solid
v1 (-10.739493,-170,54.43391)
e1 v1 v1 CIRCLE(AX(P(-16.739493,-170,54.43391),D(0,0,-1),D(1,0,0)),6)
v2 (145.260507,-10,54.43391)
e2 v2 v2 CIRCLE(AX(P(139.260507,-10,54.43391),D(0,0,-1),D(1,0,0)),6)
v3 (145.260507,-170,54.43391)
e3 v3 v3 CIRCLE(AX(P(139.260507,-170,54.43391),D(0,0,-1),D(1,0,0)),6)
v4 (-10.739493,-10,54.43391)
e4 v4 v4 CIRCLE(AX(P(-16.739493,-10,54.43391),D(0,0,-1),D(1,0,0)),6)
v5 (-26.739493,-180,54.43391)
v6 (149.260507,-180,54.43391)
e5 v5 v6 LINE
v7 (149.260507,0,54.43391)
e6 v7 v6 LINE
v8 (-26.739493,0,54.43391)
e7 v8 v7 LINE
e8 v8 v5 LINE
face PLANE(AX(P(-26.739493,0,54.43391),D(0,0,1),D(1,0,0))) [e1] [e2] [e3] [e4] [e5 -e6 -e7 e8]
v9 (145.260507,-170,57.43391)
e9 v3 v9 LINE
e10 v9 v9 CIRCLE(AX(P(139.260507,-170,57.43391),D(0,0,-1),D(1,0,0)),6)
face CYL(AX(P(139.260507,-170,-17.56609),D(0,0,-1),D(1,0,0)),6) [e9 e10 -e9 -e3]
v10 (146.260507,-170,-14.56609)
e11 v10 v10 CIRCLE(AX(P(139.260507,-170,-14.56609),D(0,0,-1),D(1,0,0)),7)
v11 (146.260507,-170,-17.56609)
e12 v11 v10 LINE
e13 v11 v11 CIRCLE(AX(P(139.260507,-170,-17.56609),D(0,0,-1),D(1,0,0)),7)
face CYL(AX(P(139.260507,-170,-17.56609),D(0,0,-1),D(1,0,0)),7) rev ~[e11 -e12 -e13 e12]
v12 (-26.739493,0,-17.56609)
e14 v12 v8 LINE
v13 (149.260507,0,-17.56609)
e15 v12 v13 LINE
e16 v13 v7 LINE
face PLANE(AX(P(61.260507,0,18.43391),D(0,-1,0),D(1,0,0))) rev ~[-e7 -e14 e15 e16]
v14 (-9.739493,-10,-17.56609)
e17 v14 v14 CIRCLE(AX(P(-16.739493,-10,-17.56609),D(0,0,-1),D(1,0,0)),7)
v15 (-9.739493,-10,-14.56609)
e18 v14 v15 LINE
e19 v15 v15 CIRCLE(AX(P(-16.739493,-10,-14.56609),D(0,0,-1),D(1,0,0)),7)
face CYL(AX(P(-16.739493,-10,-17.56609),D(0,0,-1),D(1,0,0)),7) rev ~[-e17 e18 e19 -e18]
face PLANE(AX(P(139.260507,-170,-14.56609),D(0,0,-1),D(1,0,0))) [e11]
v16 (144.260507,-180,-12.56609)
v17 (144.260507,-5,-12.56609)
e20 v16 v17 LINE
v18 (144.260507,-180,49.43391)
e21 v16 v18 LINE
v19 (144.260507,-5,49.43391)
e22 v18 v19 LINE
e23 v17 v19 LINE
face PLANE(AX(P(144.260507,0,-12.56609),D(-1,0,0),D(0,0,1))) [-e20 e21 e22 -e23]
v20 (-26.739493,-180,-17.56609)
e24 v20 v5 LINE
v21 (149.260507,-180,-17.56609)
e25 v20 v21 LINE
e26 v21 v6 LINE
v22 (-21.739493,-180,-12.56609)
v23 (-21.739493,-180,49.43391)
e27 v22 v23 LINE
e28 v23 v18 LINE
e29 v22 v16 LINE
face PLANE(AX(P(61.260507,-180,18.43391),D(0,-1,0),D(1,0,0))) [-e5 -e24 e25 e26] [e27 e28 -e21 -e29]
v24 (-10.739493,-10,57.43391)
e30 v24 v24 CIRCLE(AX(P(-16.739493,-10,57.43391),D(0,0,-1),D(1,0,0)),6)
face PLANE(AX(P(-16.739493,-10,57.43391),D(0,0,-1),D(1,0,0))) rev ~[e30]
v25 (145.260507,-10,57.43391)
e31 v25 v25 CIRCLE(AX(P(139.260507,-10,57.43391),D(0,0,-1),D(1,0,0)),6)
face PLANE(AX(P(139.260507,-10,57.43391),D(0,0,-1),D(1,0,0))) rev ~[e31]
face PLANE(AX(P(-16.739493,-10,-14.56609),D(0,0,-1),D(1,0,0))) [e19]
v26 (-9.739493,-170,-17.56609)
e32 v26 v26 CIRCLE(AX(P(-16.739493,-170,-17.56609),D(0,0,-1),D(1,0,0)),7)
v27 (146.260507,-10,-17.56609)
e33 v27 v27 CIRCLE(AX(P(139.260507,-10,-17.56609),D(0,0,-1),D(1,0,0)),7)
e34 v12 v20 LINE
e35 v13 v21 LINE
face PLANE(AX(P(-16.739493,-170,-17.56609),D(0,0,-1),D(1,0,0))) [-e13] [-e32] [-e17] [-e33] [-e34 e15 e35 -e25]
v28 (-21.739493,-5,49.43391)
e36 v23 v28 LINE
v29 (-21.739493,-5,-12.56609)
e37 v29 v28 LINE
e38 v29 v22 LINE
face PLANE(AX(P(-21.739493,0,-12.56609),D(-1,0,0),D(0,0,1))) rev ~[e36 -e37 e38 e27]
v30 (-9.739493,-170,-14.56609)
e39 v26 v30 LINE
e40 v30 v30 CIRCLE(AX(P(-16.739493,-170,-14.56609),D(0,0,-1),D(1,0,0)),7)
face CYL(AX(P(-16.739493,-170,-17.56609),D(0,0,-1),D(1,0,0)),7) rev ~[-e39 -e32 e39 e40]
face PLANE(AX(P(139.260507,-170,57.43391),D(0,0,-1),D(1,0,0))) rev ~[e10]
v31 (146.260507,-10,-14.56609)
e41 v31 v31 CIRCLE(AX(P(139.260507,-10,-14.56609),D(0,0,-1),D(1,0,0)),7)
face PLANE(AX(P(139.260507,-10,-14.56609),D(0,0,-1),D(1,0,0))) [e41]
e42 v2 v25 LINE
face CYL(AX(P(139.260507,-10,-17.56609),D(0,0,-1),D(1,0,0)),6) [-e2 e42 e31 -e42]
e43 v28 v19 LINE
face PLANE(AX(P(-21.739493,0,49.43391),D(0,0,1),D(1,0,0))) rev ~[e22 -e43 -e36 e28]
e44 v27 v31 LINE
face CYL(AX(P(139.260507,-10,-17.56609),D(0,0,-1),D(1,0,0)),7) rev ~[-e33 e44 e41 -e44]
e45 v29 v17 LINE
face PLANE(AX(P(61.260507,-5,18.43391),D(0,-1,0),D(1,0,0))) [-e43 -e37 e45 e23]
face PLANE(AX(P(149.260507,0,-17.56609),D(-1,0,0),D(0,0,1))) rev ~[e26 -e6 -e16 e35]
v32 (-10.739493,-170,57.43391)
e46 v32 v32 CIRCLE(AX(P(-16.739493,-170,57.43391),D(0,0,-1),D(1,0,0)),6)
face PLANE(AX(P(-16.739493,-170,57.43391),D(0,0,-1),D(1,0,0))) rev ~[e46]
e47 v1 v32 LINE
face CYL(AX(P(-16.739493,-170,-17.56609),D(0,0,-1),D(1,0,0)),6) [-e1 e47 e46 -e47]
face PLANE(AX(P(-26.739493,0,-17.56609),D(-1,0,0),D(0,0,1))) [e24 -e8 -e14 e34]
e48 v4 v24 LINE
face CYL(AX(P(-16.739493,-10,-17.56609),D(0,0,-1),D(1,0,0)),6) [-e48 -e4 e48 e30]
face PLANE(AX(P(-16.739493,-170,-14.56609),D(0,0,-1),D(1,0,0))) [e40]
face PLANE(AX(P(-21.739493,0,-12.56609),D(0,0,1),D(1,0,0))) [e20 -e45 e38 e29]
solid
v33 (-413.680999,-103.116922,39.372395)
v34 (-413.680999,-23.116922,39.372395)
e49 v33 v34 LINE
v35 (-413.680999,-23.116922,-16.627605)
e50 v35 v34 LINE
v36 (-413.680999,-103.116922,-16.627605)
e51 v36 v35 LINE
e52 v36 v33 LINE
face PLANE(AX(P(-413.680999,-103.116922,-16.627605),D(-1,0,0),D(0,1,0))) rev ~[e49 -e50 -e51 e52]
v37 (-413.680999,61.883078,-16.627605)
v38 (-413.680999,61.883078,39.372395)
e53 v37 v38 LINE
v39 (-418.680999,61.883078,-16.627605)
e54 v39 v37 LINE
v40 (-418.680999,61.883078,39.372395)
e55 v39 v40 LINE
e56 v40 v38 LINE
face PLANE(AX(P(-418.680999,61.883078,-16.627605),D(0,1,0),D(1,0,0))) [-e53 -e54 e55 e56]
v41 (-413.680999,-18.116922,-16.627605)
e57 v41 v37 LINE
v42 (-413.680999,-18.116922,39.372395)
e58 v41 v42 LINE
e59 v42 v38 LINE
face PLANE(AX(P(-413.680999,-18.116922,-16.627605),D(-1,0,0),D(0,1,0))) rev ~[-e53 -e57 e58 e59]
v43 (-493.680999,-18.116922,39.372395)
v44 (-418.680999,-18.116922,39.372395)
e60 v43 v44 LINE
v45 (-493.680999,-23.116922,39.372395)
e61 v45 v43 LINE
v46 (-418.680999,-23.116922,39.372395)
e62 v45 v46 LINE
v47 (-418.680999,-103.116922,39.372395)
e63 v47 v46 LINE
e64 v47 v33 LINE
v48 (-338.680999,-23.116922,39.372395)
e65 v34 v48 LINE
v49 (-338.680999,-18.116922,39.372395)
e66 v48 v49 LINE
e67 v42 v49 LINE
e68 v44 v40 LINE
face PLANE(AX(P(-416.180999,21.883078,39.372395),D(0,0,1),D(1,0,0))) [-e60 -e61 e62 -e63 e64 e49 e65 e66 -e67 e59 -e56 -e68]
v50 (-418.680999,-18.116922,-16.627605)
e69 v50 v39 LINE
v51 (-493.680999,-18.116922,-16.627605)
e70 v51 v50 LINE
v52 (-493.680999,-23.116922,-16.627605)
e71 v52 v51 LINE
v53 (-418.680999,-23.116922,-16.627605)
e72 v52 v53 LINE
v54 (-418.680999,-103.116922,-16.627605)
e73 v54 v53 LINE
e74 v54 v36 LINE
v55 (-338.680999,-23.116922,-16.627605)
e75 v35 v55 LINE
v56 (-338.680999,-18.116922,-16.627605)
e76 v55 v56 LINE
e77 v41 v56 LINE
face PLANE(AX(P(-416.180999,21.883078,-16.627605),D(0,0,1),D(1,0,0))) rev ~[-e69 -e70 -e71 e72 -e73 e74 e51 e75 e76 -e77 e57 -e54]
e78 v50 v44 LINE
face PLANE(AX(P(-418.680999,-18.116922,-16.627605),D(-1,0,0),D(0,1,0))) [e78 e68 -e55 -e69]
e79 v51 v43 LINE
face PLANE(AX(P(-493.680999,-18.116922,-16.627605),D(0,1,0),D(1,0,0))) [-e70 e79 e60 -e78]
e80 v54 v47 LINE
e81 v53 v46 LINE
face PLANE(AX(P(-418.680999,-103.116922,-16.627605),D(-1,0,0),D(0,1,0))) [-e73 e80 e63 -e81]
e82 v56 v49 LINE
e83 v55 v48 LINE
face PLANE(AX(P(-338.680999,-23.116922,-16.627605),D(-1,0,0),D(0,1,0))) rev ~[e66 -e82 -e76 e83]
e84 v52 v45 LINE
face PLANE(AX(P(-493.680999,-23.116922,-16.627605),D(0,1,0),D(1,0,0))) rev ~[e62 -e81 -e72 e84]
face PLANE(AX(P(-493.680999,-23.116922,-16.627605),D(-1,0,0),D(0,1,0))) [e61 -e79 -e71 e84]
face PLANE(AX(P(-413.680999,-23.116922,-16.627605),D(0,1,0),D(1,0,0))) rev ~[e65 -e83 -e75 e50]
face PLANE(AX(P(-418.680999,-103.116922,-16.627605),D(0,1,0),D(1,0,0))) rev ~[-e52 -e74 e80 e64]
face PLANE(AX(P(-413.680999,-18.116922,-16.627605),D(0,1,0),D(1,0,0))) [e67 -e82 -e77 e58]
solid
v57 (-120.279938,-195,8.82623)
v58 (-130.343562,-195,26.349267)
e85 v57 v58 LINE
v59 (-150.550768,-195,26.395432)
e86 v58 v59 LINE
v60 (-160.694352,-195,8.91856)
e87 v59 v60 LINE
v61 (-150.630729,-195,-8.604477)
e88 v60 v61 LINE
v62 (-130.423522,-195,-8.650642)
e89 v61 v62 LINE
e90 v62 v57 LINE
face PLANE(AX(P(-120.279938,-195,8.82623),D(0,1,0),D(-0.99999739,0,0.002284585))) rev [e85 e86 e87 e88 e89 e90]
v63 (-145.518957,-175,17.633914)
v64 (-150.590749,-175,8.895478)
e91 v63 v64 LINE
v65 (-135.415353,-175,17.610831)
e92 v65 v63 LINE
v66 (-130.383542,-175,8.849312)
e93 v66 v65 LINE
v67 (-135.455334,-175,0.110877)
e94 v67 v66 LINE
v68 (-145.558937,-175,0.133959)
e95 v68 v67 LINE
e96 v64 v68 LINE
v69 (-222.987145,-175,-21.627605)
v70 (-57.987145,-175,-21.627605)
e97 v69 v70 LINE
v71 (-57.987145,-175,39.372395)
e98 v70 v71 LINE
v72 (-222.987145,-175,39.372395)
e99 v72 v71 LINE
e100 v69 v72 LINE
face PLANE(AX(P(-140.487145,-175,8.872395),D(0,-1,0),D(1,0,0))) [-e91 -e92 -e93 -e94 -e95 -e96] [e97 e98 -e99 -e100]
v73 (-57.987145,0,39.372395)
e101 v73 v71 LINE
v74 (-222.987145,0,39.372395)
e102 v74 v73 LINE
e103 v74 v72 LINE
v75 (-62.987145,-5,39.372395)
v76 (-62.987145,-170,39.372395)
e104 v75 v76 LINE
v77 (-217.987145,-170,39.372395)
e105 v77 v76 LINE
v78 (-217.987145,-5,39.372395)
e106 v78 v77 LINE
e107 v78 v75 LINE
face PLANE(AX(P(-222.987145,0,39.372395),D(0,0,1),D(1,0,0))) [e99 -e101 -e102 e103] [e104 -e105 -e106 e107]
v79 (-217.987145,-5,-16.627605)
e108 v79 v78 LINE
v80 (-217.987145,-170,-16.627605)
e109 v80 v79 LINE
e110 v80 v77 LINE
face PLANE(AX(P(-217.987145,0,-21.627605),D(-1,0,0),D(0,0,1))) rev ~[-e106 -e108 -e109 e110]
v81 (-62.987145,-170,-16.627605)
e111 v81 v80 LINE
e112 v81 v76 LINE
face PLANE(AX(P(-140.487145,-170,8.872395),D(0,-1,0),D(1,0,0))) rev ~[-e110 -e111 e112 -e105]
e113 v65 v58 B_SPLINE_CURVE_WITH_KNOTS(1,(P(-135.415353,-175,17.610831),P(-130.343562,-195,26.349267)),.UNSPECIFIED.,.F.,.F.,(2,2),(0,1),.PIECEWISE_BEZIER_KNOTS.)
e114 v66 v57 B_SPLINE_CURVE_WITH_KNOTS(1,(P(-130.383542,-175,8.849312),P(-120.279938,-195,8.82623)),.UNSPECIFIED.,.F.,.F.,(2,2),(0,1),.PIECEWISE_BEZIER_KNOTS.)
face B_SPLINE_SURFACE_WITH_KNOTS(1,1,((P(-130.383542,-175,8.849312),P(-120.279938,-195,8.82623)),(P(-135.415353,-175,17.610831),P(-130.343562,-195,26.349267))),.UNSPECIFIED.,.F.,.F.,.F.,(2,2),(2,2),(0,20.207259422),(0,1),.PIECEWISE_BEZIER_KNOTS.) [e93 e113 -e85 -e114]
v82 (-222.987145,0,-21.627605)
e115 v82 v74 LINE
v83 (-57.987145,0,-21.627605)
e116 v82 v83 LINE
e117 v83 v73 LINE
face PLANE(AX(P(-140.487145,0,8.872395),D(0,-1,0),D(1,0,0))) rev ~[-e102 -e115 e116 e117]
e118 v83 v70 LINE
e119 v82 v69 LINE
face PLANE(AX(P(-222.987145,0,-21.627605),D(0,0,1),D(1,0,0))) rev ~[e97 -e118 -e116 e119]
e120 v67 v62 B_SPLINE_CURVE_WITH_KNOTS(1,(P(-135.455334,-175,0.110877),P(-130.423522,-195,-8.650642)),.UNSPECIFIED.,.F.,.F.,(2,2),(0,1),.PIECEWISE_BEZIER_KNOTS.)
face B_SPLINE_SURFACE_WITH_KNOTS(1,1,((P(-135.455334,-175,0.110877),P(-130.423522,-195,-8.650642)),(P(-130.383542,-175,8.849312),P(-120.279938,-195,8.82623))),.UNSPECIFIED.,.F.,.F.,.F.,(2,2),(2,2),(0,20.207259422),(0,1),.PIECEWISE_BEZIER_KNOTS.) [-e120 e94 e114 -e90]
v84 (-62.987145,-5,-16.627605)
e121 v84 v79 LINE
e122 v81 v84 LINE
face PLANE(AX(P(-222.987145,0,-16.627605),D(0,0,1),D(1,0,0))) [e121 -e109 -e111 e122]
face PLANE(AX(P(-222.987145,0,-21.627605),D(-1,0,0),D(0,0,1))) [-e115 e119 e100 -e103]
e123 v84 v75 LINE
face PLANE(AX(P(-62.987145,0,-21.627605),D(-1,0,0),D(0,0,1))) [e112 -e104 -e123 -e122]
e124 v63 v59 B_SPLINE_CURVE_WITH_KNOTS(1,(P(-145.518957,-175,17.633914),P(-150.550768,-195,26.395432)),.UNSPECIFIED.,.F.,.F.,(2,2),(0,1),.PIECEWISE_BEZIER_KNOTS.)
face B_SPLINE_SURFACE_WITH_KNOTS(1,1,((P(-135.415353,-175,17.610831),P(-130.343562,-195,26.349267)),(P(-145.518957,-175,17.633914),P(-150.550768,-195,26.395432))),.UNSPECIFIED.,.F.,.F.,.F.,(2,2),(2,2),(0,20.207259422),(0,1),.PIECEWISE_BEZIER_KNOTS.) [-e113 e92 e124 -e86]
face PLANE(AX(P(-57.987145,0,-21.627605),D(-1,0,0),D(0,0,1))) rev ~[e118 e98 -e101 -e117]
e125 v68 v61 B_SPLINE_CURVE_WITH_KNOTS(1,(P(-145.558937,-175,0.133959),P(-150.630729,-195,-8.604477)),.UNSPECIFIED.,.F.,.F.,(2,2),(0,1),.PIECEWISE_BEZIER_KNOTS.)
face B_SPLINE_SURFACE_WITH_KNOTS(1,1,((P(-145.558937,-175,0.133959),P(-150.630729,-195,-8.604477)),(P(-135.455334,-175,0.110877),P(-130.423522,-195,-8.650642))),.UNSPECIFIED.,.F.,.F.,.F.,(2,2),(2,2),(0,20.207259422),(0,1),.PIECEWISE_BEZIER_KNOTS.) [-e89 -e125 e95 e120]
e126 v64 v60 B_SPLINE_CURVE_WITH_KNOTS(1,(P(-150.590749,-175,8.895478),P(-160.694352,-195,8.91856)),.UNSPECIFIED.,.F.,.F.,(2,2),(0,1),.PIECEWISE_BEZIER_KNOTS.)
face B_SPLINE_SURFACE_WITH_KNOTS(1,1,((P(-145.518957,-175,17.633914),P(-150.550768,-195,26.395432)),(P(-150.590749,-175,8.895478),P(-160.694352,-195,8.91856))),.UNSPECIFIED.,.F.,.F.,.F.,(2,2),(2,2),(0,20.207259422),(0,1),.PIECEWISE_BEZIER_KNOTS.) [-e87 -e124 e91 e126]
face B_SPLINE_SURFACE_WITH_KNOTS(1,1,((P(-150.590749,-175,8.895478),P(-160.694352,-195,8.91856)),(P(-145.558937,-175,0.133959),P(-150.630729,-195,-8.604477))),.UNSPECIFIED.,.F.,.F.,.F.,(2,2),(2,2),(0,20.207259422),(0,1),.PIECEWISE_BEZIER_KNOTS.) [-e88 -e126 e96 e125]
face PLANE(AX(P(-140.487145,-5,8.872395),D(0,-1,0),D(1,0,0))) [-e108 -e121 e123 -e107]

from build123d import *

# Parameters (mm, degrees)
F0_W      = 166
F0_H      = 62
F1_DEPTH  = 5
F0_W_2    = 176
F0_H_2    = 72
F2_DEPTH  = 180
F3_W      = 165
F3_H      = 61
F4_DEPTH  = 175
F5_T      = -5
F10_R     = 6
F11_DEPTH = 75
F10_R_2   = 7
F12_DEPTH = 3
F13_DEPTH = 314
F14_DEPTH = 5
F15_W     = 5
F15_H     = 80
F15_W_2   = 75
F15_H_2   = 5
F16_DEPTH = 56
F17_DEPTH = 3
F17_TAPER = -3


with BuildPart() as f1:
    # F0 (on Front) → F1 (new body)
    with BuildSketch(Plane.XZ):
        with Locations((61.2605069876, 18.4339095503)):
            Rectangle(F0_W, F0_H)
    extrude(amount=F1_DEPTH)

    # F0 (on Front) → F2 (join)
    with BuildSketch(Plane.XZ):
        with Locations((61.2605069876, 18.4339095503)):
            Rectangle(F0_W_2, F0_H_2)
        with Locations((61.2605069876, 18.4339095503)):
            Rectangle(F0_W, F0_H, mode=Mode.SUBTRACT)
    extrude(amount=F2_DEPTH)

    # F10 (on face) → F11 (join)
    with BuildSketch(Plane(origin=(0, 0, -17.5660904497), x_dir=(1, 0, 0), z_dir=(0, 0, -1))):
        with Locations((-16.7394930124, 170)):
            Circle(F10_R)
        with Locations((139.2605069876, 170)):
            Circle(F10_R)
        with Locations((139.2605069876, 10)):
            Circle(F10_R)
        with Locations((-16.7394930124, 10)):
            Circle(F10_R)
    extrude(amount=-F11_DEPTH)

    # F10 (on face) → F12 (cut)
    with BuildSketch(Plane(origin=(0, 0, -17.5660904497), x_dir=(1, 0, 0), z_dir=(0, 0, -1))):
        with Locations((-16.7394930124, 170)):
            Circle(F10_R_2)
        with Locations((-16.7394930124, 170)):
            Circle(F10_R, mode=Mode.SUBTRACT)
        with Locations((139.2605069876, 170)):
            Circle(F10_R_2)
        with Locations((139.2605069876, 170)):
            Circle(F10_R, mode=Mode.SUBTRACT)
        with Locations((139.2605069876, 10)):
            Circle(F10_R_2)
        with Locations((139.2605069876, 10)):
            Circle(F10_R, mode=Mode.SUBTRACT)
        with Locations((-16.7394930124, 10)):
            Circle(F10_R_2)
        with Locations((-16.7394930124, 10)):
            Circle(F10_R, mode=Mode.SUBTRACT)
    extrude(amount=-F12_DEPTH, mode=Mode.SUBTRACT)

    # F0 (on Front) → F13 (cut)
    with BuildSketch(Plane.XZ):
        with Locations((61.2605069876, 18.4339095503)):
            Rectangle(F0_W, F0_H)
    extrude(amount=F13_DEPTH, mode=Mode.SUBTRACT)

    # F0 (on Front) → F14 (join)
    with BuildSketch(Plane.XZ):
        with Locations((61.2605069876, 18.4339095503)):
            Rectangle(F0_W, F0_H)
    extrude(amount=F14_DEPTH)

    # F10 (on face) → F17 (cut)
    with BuildSketch(Plane(origin=(0, 0, -17.5660904497), x_dir=(1, 0, 0), z_dir=(0, 0, -1))):
        with Locations((-16.7394930124, 10)):
            Circle(F10_R)
        with Locations((139.2605069876, 10)):
            Circle(F10_R)
        with Locations((139.2605069876, 170)):
            Circle(F10_R)
        with Locations((-16.7394930124, 170)):
            Circle(F10_R)
    extrude(amount=-F17_DEPTH, taper=F17_TAPER, mode=Mode.SUBTRACT)


with BuildPart() as f4:
    # F3 (on Front) → F4 (new body)
    with BuildSketch(Plane.XZ):
        with Locations((-140.4871451855, 8.8723950386)):
            Rectangle(F3_W, F3_H)
    extrude(amount=F4_DEPTH)

    # F5
    f5_openings = [f4.faces().sort_by_distance(p)[0] for p in [
        (-140.487145, -87.5, 39.372395),
    ]]
    offset(amount=F5_T, openings=f5_openings)

    # F6 (on face) → F9 section 0
    with BuildSketch(Plane.XZ.offset(175)):
        Polygon((-130.3835418418, 8.8493124353), (-135.4153533928, 17.6108309024), (-145.5189567365, 17.6339135056), (-150.5907485292, 8.8954776419), (-145.5589369781, 0.1339591748), (-135.4553336344, 0.1108765716), align=None)
    # F8 (on offset) → F9 section 1
    with BuildSketch(Plane.XZ.offset(195)):
        Polygon((-120.2799384981, 8.8262298321), (-130.3435616002, 26.3492667662), (-150.5507682876, 26.3954319727), (-160.6943518729, 8.9185602451), (-150.6307287708, -8.6044766889), (-130.4235220834, -8.6506418955), align=None)
    loft()


with BuildPart() as f16:
    # F15 (on face) → F16 (new body)
    with BuildSketch(Plane.XY.offset(-16.6276049614)):
        with Locations((-416.180999279, 21.8830779195)):
            Rectangle(F15_W, F15_H)
        with Locations((-456.180999279, -20.6169220805)):
            Rectangle(F15_W_2, F15_H_2)
        with Locations((-416.180999279, -20.6169220805)):
            Rectangle(F15_W, F15_H_2)
        with Locations((-376.180999279, -20.6169220805)):
            Rectangle(F15_W_2, F15_H_2)
        with Locations((-416.180999279, -63.1169220805)):
            Rectangle(F15_W, F15_H)
    extrude(amount=F16_DEPTH)


solid = Compound([f1.part, f4.part, f16.part])
